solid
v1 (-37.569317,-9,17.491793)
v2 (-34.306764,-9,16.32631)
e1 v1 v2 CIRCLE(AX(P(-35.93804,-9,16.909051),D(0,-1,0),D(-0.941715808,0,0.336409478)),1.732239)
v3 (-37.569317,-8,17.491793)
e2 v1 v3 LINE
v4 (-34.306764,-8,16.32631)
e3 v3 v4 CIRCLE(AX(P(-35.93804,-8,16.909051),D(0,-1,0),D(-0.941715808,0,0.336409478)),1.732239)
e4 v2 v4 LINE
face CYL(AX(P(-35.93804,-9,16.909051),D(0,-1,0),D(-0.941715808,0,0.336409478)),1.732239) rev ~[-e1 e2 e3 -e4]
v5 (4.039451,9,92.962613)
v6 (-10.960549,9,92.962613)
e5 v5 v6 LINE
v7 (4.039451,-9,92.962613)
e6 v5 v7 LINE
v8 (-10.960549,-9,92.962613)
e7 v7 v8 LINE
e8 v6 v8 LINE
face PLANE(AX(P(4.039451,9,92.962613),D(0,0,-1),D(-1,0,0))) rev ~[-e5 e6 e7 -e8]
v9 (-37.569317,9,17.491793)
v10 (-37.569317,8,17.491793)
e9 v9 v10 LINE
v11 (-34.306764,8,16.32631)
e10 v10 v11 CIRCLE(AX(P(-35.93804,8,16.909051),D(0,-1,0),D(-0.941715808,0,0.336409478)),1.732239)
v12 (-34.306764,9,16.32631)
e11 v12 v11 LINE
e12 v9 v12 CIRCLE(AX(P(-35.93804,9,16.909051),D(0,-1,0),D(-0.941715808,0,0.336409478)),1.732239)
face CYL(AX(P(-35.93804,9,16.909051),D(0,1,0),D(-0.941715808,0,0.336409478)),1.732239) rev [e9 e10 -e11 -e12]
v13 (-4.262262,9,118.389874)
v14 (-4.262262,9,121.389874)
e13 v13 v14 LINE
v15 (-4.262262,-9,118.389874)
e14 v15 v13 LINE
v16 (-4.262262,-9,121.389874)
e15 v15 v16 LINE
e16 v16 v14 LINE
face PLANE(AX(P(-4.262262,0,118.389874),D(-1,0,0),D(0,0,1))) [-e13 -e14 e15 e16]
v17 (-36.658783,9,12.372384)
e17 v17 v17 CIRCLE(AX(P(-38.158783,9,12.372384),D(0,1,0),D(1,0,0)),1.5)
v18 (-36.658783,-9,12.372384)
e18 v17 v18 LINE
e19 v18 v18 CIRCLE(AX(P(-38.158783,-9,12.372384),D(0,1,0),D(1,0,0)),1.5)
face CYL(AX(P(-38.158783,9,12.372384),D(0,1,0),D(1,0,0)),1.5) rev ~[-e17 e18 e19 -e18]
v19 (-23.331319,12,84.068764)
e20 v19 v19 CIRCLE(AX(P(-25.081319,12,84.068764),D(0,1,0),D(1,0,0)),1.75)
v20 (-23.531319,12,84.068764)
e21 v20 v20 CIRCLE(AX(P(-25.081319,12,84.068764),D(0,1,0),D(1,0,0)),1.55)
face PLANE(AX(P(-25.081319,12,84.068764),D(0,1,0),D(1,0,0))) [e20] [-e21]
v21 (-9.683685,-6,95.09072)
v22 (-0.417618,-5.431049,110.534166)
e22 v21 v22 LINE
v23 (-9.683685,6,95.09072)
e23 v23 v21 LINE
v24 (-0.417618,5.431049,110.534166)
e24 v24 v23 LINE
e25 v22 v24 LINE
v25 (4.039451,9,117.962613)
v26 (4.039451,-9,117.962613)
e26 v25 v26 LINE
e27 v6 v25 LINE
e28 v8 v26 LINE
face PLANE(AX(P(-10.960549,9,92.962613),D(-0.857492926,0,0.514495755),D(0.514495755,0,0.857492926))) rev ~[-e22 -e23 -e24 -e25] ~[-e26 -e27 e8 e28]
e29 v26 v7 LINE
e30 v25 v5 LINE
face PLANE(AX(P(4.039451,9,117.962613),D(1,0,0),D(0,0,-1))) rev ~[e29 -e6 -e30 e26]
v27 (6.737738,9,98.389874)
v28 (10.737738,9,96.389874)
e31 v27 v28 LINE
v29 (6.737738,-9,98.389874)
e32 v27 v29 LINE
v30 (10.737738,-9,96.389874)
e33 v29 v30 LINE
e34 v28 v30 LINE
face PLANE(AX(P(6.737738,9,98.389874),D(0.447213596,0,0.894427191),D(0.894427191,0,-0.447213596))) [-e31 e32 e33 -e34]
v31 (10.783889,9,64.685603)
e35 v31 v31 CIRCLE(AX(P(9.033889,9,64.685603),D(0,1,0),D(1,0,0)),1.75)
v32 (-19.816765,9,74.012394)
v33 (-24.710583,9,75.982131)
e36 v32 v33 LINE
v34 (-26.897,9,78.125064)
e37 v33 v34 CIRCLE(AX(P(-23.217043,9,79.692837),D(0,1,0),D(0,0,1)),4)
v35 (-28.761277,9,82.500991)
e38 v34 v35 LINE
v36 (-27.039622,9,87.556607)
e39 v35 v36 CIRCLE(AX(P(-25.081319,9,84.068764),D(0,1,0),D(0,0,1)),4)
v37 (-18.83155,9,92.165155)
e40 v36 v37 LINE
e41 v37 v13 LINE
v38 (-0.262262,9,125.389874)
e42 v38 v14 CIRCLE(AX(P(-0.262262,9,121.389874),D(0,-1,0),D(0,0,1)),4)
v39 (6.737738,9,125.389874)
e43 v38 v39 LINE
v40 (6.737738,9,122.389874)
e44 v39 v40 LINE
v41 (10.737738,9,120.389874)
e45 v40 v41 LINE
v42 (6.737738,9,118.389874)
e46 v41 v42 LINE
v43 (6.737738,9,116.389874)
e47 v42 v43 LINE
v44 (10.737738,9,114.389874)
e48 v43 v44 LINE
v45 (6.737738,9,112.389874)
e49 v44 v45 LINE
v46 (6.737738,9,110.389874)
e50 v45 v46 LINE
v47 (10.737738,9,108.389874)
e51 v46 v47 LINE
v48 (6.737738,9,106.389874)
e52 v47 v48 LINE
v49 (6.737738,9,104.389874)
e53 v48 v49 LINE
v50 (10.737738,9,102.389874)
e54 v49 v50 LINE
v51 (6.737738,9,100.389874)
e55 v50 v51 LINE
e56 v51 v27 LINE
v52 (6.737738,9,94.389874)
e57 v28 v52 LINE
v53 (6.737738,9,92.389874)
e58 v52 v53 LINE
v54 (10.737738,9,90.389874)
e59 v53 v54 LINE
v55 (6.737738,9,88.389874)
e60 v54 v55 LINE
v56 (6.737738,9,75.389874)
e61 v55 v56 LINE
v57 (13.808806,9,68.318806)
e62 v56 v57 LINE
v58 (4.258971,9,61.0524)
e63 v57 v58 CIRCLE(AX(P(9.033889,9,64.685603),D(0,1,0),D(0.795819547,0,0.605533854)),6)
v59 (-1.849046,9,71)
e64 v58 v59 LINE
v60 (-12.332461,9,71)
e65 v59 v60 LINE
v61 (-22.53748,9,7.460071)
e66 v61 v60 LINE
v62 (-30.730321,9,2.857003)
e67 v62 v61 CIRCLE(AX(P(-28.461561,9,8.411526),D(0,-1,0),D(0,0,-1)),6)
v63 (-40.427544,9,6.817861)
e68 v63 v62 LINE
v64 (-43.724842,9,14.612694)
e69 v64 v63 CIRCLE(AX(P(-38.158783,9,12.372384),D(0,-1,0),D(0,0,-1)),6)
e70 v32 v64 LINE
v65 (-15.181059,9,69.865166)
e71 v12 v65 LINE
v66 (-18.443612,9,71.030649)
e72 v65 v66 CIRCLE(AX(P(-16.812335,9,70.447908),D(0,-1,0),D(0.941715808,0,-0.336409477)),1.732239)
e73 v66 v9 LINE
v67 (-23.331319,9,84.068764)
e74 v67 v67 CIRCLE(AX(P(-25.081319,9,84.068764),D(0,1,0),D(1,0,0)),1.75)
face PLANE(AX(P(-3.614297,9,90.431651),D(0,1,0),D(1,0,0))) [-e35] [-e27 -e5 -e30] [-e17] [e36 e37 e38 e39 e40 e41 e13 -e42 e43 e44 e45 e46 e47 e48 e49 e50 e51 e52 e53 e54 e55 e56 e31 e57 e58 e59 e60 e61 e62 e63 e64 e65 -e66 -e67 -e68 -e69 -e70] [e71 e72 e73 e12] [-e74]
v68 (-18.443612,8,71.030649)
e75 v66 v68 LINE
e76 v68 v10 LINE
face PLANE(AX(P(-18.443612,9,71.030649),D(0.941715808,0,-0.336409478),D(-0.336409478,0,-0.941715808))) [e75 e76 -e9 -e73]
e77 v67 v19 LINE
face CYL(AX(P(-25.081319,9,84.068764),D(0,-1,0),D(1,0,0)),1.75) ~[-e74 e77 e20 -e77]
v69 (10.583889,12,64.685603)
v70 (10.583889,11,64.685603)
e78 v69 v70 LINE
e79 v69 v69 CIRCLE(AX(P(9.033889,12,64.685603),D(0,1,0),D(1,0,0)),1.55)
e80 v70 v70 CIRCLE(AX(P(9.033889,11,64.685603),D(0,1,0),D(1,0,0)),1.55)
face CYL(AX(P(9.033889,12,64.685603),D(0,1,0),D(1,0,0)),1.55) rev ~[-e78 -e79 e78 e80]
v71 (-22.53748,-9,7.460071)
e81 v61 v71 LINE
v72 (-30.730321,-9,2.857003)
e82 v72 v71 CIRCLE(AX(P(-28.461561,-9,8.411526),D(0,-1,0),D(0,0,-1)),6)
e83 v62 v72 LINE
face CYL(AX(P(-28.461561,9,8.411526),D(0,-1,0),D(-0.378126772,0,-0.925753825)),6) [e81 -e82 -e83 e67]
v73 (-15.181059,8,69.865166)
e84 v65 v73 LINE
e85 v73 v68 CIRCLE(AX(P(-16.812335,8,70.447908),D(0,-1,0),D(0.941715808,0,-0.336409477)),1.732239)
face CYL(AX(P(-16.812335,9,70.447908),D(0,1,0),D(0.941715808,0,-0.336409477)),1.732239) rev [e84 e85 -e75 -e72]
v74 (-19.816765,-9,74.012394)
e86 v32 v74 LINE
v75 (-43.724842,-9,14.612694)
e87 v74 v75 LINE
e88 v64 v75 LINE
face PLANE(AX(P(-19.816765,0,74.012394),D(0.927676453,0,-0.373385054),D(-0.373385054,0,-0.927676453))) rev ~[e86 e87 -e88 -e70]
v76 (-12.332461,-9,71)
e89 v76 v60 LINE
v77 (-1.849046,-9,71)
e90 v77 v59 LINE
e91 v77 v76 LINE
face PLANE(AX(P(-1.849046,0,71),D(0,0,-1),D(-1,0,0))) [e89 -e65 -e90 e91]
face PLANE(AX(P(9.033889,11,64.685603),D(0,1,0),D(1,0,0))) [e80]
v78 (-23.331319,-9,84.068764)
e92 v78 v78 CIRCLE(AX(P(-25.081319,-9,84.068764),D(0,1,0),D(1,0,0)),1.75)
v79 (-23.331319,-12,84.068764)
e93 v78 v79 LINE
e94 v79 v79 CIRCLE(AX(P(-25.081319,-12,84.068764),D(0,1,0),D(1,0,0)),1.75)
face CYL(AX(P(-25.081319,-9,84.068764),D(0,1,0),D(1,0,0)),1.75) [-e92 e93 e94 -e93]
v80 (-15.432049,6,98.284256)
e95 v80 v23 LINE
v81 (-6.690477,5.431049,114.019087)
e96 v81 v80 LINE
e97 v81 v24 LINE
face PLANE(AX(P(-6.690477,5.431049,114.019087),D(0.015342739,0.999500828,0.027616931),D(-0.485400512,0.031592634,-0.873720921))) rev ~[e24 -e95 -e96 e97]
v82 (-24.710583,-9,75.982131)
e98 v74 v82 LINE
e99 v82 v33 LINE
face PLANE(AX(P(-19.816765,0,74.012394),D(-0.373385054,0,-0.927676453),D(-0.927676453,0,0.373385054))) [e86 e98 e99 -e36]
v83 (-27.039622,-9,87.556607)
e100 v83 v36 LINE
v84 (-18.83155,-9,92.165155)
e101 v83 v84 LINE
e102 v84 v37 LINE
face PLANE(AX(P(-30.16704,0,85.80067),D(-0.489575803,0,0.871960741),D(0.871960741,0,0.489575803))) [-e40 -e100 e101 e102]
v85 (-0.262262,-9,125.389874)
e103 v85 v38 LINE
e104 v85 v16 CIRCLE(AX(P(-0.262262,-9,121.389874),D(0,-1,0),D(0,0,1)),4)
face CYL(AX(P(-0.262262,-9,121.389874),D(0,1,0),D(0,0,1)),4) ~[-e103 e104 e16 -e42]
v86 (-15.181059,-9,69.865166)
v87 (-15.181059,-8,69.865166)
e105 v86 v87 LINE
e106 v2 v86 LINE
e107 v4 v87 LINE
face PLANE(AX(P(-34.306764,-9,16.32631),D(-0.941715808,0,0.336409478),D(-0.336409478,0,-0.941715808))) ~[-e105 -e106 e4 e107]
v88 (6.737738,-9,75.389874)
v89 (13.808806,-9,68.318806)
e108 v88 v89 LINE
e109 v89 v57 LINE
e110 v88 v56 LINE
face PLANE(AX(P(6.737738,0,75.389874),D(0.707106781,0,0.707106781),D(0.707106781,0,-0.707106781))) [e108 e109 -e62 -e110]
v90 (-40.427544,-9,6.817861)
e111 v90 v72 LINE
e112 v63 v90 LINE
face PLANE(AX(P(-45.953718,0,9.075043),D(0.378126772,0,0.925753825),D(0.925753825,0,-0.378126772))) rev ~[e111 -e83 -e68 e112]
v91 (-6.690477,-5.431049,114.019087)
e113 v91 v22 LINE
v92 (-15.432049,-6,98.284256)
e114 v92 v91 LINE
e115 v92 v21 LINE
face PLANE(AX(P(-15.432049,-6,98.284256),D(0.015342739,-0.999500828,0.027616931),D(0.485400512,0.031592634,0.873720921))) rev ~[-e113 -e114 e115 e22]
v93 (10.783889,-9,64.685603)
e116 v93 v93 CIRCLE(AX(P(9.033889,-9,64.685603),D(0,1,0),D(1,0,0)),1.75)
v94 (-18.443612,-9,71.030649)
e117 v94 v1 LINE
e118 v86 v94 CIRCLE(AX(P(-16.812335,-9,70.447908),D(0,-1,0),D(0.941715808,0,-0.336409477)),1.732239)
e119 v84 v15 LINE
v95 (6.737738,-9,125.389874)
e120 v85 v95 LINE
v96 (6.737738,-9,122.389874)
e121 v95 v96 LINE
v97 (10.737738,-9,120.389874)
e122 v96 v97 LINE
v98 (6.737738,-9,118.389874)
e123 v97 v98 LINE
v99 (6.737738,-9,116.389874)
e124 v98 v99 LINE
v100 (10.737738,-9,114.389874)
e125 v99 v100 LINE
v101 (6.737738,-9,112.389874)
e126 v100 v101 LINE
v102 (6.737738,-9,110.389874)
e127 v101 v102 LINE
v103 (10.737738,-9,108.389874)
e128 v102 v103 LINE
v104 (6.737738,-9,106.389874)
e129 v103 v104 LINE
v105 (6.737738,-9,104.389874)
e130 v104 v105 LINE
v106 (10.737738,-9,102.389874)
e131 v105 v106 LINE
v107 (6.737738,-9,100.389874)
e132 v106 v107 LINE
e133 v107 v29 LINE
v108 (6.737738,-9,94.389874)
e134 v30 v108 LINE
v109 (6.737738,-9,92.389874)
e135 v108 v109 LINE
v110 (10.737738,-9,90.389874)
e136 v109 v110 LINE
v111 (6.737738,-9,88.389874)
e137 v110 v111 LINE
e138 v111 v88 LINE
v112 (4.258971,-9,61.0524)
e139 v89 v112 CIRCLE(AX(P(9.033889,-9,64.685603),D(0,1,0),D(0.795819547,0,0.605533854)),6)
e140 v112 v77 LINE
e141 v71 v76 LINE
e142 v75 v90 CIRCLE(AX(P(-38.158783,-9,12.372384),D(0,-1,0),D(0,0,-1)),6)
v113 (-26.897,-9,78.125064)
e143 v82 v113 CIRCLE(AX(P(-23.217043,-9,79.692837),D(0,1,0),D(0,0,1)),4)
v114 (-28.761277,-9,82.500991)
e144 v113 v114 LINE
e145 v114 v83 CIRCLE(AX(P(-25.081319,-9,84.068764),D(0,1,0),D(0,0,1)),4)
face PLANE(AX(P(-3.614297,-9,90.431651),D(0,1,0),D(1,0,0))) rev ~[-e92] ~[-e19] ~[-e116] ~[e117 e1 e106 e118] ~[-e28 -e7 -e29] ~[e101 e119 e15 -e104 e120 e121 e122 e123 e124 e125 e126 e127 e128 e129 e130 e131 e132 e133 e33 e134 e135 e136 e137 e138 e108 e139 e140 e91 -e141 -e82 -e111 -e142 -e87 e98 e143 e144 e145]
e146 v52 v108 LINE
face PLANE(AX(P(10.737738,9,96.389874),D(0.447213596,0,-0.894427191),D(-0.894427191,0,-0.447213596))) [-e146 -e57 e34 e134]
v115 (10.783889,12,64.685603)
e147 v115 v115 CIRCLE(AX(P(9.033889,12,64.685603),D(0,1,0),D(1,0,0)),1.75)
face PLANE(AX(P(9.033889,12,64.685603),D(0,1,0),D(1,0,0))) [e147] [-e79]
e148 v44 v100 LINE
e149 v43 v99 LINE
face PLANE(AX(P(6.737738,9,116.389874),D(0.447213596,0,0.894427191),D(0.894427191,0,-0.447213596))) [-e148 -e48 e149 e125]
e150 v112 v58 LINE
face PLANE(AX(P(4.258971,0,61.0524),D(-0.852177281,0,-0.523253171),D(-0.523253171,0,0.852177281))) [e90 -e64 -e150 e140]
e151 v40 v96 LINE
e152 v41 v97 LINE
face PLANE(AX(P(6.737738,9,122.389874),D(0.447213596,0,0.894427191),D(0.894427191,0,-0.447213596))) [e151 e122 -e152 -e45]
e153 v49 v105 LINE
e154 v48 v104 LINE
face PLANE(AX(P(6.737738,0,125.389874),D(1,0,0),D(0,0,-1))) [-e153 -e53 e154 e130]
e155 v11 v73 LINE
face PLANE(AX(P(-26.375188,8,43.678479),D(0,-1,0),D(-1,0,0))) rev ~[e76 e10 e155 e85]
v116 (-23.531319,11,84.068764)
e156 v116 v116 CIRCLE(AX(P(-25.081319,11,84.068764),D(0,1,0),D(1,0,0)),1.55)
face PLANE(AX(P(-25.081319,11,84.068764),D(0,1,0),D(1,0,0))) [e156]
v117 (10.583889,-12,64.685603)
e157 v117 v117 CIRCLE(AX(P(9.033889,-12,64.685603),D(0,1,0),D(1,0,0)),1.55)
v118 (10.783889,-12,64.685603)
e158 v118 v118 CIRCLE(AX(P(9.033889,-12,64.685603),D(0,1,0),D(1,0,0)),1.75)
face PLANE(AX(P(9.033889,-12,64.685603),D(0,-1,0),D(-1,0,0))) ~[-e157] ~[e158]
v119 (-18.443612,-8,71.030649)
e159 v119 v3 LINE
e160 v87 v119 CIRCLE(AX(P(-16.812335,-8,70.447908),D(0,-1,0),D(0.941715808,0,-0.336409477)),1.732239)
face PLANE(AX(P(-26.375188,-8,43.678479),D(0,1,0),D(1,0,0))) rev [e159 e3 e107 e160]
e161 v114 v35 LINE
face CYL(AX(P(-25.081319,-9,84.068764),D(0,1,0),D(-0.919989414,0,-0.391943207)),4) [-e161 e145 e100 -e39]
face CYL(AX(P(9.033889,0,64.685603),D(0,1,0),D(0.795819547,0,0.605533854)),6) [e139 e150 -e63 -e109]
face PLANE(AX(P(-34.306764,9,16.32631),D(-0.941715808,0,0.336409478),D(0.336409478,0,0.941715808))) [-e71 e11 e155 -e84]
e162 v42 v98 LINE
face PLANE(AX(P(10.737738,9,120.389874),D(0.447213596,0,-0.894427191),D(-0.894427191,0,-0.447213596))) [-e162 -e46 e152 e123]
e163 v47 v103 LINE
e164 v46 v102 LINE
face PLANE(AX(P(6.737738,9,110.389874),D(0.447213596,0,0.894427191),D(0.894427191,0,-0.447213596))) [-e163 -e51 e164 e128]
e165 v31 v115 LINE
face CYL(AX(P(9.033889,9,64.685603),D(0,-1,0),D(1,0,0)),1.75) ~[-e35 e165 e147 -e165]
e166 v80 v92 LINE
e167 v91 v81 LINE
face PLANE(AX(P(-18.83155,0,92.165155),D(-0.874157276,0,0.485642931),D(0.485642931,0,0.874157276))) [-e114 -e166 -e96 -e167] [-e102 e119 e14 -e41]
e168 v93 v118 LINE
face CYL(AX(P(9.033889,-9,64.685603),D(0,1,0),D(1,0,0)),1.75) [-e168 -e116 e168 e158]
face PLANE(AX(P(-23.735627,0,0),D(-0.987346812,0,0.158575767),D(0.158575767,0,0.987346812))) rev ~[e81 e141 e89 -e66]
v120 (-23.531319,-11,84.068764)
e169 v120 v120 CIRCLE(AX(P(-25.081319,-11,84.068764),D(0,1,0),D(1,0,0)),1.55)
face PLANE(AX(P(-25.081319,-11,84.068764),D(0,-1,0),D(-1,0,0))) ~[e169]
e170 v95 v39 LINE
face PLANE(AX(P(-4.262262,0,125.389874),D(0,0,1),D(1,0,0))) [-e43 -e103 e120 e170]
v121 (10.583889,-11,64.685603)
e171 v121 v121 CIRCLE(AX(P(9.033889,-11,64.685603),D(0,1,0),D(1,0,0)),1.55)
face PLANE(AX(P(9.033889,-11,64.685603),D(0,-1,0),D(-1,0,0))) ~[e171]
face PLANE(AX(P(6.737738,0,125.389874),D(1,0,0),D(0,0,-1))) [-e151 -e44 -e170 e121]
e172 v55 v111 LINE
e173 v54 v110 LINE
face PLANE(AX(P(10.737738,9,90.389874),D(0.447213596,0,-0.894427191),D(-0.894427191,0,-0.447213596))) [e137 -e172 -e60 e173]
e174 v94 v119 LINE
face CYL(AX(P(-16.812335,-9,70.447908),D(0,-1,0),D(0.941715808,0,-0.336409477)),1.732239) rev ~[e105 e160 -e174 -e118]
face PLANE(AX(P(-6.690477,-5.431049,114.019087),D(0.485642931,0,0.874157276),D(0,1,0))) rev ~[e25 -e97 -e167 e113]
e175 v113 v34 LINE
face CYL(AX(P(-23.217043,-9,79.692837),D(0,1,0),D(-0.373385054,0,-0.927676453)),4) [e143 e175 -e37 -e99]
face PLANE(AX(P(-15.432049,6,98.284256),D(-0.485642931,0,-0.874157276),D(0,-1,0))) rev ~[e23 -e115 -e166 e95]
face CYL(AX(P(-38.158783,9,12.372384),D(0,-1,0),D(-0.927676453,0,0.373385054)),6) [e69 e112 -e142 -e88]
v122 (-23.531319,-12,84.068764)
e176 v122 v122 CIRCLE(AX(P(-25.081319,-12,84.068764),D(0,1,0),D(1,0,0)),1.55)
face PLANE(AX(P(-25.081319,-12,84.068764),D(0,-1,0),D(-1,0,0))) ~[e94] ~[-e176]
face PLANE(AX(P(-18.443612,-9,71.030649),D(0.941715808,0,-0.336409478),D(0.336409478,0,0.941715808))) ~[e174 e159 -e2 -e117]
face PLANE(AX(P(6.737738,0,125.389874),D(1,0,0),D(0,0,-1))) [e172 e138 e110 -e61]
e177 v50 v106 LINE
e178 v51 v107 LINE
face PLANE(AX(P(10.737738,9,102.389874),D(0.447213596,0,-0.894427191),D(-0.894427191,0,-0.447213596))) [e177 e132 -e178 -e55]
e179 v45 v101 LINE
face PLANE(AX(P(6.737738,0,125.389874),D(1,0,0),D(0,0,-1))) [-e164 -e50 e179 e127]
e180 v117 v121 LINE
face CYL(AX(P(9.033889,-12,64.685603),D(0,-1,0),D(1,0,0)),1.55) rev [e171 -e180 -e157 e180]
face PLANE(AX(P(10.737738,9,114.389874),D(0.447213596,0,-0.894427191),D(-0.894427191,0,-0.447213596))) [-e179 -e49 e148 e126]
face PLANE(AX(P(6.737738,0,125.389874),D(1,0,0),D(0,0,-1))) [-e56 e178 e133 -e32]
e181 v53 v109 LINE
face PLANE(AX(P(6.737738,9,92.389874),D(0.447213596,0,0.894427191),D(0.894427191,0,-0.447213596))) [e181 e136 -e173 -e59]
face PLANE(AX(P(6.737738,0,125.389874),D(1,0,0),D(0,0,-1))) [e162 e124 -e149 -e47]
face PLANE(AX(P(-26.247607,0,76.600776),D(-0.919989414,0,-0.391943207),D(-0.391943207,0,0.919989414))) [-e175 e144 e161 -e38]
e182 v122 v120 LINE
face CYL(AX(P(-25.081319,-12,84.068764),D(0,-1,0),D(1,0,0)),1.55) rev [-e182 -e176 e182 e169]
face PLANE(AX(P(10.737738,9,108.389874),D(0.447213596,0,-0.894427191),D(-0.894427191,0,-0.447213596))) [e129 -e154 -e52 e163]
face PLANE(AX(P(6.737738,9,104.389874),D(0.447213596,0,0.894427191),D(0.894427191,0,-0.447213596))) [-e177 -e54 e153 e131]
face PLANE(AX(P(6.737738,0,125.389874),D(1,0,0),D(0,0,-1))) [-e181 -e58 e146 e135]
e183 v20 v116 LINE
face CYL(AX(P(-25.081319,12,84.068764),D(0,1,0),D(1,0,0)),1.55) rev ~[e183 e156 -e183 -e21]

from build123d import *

# Parameters (mm, degrees)
BOSS_EXTRUDE1_DEPTH = 9
FILLET1_R           = 6
FILLET2_R           = 4
BOSS_EXTRUDE2_DEPTH = 18
LPATTERN1_COUNT     = 6
LPATTERN1_PITCH     = 6
CUT_EXTRUDE1_DEPTH  = 19
CUT_EXTRUDE2_DEPTH  = 8
SKETCH5_R           = 1.5
CUT_EXTRUDE3_DEPTH  = 19
SKETCH6_R           = 1.75
BOSS_EXTRUDE3_DEPTH = 3
SKETCH7_R           = 1.55
CUT_EXTRUDE4_DEPTH  = 1
SKETCH8_R           = 1.55
CUT_EXTRUDE5_DEPTH  = 1
CUT_EXTRUDE7_DEPTH  = 1


with BuildPart() as part:
    # Sketch1 → Boss-Extrude1 (new body, symmetric)
    with BuildSketch(Plane(origin=(0, 0, 0), x_dir=(1, 0, 0), z_dir=(0, 1, 0))):
        with BuildLine():
            Line((-12.33246069, -71), (-19.816764537, -74.012394232))
            Line((-19.816764537, -74.012394232), (-26.247607485, -76.600775811))
            Line((-26.247607485, -76.600775811), (-30.167039554, -85.800669955))
            Line((-30.167039554, -85.800669955), (-18.831549927, -92.165155394))
            Line((-18.831549927, -92.165155394), (-4.262261991, -118.389873678))
            Line((-4.262261991, -118.389873678), (-4.262261991, -125.389873678))
            Line((-4.262261991, -125.389873678), (6.737738009, -125.389873678))
            Line((6.737738009, -125.389873678), (6.737738009, -75.389873678))
            Line((6.737738009, -75.389873678), (13.808805821, -68.318805866))
            ThreePointArc((13.808805821, -68.318805866), (12.667091661, -59.910685459), (4.258971254, -61.052399619))
            Line((4.258971254, -61.052399619), (-1.849045895, -71))
            Line((-1.849045895, -71), (-12.33246069, -71))
        make_face()
        Polygon((-12.33246069, -71), (-19.816764537, -74.012394232), (-45.953718322, -9.075042525), (-23.735626524, 0), align=None)
    extrude(amount=BOSS_EXTRUDE1_DEPTH, both=True)

    # Fillet1
    fillet1_edges = [part.edges().sort_by_distance(p)[0] for p in [
        (-45.953718322, 0, 9.075042525),
        (-23.735626524, 0, 0),
    ]]
    fillet(fillet1_edges, radius=FILLET1_R)

    # Fillet2
    fillet2_edges = [part.edges().sort_by_distance(p)[0] for p in [
        (-4.262261991, 0, 125.389873678),
        (-30.167039554, 0, 85.800669955),
        (-26.247607485, 0, 76.600775811),
    ]]
    fillet(fillet2_edges, radius=FILLET2_R)

    # Sketch2 → Boss-Extrude2 (add)
    with BuildSketch(Plane(origin=(0, 9, 0), x_dir=(1, 0, 0), z_dir=(0, 1, 0))):
        Polygon((6.737738009, -118.389873678), (6.737738009, -122.389873678), (10.737738009, -120.389873678), align=None)
    boss_extrude2 = extrude(amount=-BOSS_EXTRUDE2_DEPTH)

    # LPattern1: Boss-Extrude2 ×6
    with Locations(*[(0, 0, -i * LPATTERN1_PITCH) for i in range(1, LPATTERN1_COUNT)]):
        add(boss_extrude2)

    # Sketch3 → Cut-Extrude1 (cut, through all)
    with BuildSketch(Plane(origin=(0, 9, 0), x_dir=(1, 0, 0), z_dir=(0, 1, 0))):
        Polygon((4.039450666, -92.96261283), (-10.960549334, -92.96261283), (4.039450666, -117.96261283), align=None)
    extrude(amount=-CUT_EXTRUDE1_DEPTH, mode=Mode.SUBTRACT)

    # Sketch4 → Cut-Extrude2 (cut)
    with BuildSketch(Plane(origin=(-53.516863555, 0, 29.731590864), x_dir=(0.485642931, 0, 0.874157276), z_dir=(-0.874157276, 0, 0.485642931))):
        Polygon((78.421432088, 6), (78.421432088, -6), (96.421432088, -5.431048589), (96.421432088, 5.431048589), align=None)
    extrude(amount=-CUT_EXTRUDE2_DEPTH, mode=Mode.SUBTRACT)

    # Sketch5 → Cut-Extrude3 (cut, through all)
    with BuildSketch(Plane(origin=(0, 9, 0), x_dir=(1, 0, 0), z_dir=(0, 1, 0))):
        with Locations((-38.158783011, -12.372383774)):
            Circle(SKETCH5_R)
    extrude(amount=-CUT_EXTRUDE3_DEPTH, mode=Mode.SUBTRACT)

    # Sketch6 → Boss-Extrude3 (add)
    with BuildSketch(Plane(origin=(0, 9, 0), x_dir=(1, 0, 0), z_dir=(0, 1, 0))):
        with Locations((-25.081319154, -84.068763596)):
            Circle(SKETCH6_R)
        with Locations((9.033888537, -64.685602742)):
            Circle(SKETCH6_R)
    boss_extrude3 = extrude(amount=BOSS_EXTRUDE3_DEPTH)

    # Sketch7 → Cut-Extrude4 (cut)
    with BuildSketch(Plane(origin=(0, 12, 0), x_dir=(1, 0, 0), z_dir=(0, 1, 0))):
        with Locations((-25.081319154, -84.068763596)):
            Circle(SKETCH7_R)
    cut_extrude4 = extrude(amount=-CUT_EXTRUDE4_DEPTH, mode=Mode.SUBTRACT)

    # Sketch8 → Cut-Extrude5 (cut)
    with BuildSketch(Plane(origin=(0, 12, 0), x_dir=(1, 0, 0), z_dir=(0, 1, 0))):
        with Locations((9.033888537, -64.685602742)):
            Circle(SKETCH8_R)
    cut_extrude5 = extrude(amount=-CUT_EXTRUDE5_DEPTH, mode=Mode.SUBTRACT)

    # Sketch9 → Cut-Extrude7 (cut)
    with BuildSketch(Plane(origin=(0, 9, 0), x_dir=(1, 0, 0), z_dir=(0, 1, 0))):
        with BuildLine():
            Line((-34.306763605, -16.326309504), (-15.181058532, -69.865166146))
            ThreePointArc((-15.181058532, -69.865166146), (-16.229593753, -72.079184588), (-18.443612196, -71.030649368))
            Line((-18.443612196, -71.030649368), (-37.569317268, -17.491792726))
            ThreePointArc((-37.569317268, -17.491792726), (-36.520782048, -15.277774283), (-34.306763605, -16.326309504))
        make_face()
    cut_extrude7 = extrude(amount=-CUT_EXTRUDE7_DEPTH, mode=Mode.SUBTRACT)

    # Mirror1: Boss-Extrude3, Cut-Extrude4, Cut-Extrude5, Cut-Extrude7 across plane
    add(boss_extrude3.mirror(Plane.ZX))
    add(cut_extrude4.mirror(Plane.ZX), mode=Mode.SUBTRACT)
    add(cut_extrude5.mirror(Plane.ZX), mode=Mode.SUBTRACT)
    add(cut_extrude7.mirror(Plane.ZX), mode=Mode.SUBTRACT)


solid = part.part
